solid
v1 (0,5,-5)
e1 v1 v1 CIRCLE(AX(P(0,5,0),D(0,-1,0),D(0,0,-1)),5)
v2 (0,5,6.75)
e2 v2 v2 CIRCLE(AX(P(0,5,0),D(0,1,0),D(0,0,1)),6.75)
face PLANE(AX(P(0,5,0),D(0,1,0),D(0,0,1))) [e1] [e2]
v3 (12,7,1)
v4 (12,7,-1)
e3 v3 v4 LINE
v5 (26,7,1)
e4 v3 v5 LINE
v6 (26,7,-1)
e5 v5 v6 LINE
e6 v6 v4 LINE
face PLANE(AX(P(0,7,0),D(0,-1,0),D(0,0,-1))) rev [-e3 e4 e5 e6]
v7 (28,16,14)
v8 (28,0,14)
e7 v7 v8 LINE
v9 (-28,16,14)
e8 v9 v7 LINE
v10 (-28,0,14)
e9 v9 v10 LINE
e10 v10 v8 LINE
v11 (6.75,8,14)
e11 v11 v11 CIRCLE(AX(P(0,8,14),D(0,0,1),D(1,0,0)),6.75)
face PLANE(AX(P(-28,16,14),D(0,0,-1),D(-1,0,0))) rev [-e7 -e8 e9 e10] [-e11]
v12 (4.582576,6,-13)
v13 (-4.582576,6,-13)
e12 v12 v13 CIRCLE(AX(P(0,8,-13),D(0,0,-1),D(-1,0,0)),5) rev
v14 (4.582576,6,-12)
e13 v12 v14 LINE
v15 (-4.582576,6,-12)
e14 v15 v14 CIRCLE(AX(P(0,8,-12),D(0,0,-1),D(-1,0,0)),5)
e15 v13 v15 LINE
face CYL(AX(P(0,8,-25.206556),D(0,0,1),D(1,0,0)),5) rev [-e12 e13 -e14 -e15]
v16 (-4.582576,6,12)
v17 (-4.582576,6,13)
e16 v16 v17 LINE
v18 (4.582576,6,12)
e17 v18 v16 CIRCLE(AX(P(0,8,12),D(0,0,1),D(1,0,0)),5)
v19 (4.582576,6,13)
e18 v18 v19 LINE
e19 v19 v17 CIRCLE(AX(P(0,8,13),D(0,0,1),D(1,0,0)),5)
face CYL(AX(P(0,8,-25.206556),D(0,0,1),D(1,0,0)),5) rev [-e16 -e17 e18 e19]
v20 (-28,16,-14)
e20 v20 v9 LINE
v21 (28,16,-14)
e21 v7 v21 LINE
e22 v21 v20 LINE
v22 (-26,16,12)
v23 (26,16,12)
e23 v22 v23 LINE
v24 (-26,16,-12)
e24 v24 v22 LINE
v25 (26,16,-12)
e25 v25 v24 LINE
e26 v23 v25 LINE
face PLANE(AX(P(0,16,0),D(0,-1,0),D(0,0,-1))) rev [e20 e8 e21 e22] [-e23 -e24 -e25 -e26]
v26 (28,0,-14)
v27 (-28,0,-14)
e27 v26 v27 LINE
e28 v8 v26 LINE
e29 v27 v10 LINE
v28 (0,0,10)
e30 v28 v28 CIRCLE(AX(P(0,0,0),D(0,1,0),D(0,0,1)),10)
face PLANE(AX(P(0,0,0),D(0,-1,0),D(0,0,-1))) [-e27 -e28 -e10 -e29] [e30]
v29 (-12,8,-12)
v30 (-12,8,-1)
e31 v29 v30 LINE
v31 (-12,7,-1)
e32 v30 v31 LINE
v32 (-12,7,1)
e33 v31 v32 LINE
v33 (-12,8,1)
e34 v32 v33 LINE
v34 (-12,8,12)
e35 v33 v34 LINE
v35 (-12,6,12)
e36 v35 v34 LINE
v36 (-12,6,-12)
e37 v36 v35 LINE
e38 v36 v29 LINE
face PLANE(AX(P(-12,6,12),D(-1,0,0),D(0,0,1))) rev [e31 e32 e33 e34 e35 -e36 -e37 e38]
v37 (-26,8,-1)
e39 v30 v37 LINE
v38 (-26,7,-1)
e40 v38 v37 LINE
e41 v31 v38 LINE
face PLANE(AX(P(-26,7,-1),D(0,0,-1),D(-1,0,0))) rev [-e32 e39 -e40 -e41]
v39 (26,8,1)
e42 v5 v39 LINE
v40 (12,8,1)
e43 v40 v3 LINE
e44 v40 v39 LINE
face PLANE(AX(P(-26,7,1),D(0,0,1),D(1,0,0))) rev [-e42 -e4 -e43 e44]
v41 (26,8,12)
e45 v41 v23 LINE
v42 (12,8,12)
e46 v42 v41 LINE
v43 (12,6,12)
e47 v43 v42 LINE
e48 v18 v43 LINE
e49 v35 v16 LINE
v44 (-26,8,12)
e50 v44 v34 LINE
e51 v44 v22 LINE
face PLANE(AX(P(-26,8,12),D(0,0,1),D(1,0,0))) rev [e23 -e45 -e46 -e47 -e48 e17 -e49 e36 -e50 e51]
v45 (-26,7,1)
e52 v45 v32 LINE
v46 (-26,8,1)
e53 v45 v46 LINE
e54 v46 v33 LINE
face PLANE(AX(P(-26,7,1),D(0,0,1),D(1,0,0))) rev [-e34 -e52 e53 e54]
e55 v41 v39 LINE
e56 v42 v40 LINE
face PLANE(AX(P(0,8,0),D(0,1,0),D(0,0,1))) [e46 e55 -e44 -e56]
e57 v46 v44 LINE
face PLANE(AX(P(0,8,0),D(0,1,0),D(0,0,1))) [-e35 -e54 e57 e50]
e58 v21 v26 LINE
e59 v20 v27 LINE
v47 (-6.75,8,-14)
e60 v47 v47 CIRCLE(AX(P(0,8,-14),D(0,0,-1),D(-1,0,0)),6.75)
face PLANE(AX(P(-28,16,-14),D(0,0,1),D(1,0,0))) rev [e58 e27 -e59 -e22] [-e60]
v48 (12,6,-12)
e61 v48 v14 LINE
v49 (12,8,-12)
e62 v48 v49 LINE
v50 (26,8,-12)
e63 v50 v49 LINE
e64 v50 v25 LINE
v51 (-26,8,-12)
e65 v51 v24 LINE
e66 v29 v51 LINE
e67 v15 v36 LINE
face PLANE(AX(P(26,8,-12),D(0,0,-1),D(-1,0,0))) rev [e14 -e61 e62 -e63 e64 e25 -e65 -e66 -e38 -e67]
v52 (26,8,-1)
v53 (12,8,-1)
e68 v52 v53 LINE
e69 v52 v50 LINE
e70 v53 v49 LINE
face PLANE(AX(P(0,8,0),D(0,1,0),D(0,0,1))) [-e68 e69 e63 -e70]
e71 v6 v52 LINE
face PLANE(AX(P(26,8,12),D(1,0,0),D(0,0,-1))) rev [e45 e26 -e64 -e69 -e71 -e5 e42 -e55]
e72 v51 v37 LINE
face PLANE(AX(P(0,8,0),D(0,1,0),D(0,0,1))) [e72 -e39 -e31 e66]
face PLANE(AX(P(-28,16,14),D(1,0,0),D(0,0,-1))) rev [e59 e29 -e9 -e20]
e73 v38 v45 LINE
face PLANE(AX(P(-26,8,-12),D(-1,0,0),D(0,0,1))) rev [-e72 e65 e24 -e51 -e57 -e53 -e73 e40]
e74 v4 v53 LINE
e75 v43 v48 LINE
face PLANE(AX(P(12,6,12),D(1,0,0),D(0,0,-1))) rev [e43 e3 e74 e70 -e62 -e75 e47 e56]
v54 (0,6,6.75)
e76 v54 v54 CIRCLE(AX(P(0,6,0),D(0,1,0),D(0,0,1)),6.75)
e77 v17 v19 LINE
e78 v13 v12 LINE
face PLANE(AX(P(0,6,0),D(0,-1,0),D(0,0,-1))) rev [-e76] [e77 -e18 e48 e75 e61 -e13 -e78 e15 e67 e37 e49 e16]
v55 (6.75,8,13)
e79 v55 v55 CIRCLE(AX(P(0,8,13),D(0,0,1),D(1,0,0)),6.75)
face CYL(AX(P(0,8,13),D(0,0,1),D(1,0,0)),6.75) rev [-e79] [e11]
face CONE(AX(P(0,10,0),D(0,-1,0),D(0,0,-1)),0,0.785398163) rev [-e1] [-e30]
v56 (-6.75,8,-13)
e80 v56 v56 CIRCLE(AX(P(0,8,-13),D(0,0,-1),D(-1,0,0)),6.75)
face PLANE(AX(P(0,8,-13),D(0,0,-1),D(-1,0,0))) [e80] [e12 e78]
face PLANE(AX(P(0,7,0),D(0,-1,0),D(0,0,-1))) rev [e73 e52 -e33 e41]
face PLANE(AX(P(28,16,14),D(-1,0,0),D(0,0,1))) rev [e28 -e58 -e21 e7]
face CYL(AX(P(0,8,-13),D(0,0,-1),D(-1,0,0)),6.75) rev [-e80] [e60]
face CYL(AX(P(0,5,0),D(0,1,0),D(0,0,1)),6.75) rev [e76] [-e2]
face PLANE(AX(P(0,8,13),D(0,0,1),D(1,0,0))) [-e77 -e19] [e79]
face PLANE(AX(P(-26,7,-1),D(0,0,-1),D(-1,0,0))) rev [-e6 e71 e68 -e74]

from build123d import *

# Parameters (mm, degrees)
SKETCH1_W           = 56
SKETCH1_H           = 28
BOSS_EXTRUDE1_DEPTH = 16
SKETCH2_W           = 52
SKETCH2_H           = 24
CUT_EXTRUDE1_DEPTH  = 8
SKETCH3_W           = 24
SKETCH3_H           = 24
CUT_EXTRUDE2_DEPTH  = 2
SKETCH4_W           = 52
SKETCH4_H           = 2
CUT_EXTRUDE3_DEPTH  = 1
SKETCH5_R           = 6.75
CUT_EXTRUDE4_DEPTH  = 1
CUT_EXTRUDE5_REACH  = 7
SKETCH6_R           = 5
SKETCH7_R           = 6.75
CUT_EXTRUDE6_DEPTH  = 1
SKETCH8_R           = 6.75
CUT_EXTRUDE7_DEPTH  = 1
CUT_EXTRUDE8_DEPTH  = 26


with BuildPart() as part:
    # Sketch1 → Boss-Extrude1 (new body)
    with BuildSketch(Plane(origin=(0, 0, 0), x_dir=(1, 0, 0), z_dir=(0, 1, 0))):
        Rectangle(SKETCH1_W, SKETCH1_H)
    extrude(amount=BOSS_EXTRUDE1_DEPTH)

    # Sketch2 → Cut-Extrude1 (cut)
    with BuildSketch(Plane(origin=(0, 16, 0), x_dir=(1, 0, 0), z_dir=(0, 1, 0))):
        Rectangle(SKETCH2_W, SKETCH2_H)
    extrude(amount=-CUT_EXTRUDE1_DEPTH, mode=Mode.SUBTRACT)

    # Sketch3 → Cut-Extrude2 (cut)
    with BuildSketch(Plane(origin=(0, 8, 0), x_dir=(1, 0, 0), z_dir=(0, 1, 0))):
        Rectangle(SKETCH3_W, SKETCH3_H)
    extrude(amount=-CUT_EXTRUDE2_DEPTH, mode=Mode.SUBTRACT)

    # Sketch4 → Cut-Extrude3 (cut)
    with BuildSketch(Plane(origin=(0, 8, 0), x_dir=(1, 0, 0), z_dir=(0, 1, 0))):
        Rectangle(SKETCH4_W, SKETCH4_H)
    extrude(amount=-CUT_EXTRUDE3_DEPTH, mode=Mode.SUBTRACT)

    # Sketch5 → Cut-Extrude4 (cut)
    with BuildSketch(Plane(origin=(0, 6, 0), x_dir=(1, 0, 0), z_dir=(0, 1, 0))):
        Circle(SKETCH5_R)
    extrude(amount=-CUT_EXTRUDE4_DEPTH, mode=Mode.SUBTRACT)

    # Sketch6 → Cut-Extrude5 (cut, up to next)
    with BuildSketch(Plane(origin=(0, 5, 0), x_dir=(1, 0, 0), z_dir=(0, 1, 0)), mode=Mode.PRIVATE) as cut_extrude5_sk1:
        Circle(SKETCH6_R)
    cut_extrude5_tool1 = extrude(cut_extrude5_sk1.sketch, amount=-CUT_EXTRUDE5_REACH, mode=Mode.PRIVATE) & part.part
    add(cut_extrude5_tool1.solids().sort_by_distance((0, 5, 0))[0], mode=Mode.SUBTRACT)

    # Sketch7 → Cut-Extrude6 (cut)
    with BuildSketch(Plane.XY.offset(14)):
        with Locations((0, 8)):
            Circle(SKETCH7_R)
    extrude(amount=-CUT_EXTRUDE6_DEPTH, mode=Mode.SUBTRACT)

    # Sketch8 → Cut-Extrude7 (cut)
    with BuildSketch(Plane(origin=(0, 0, -14), x_dir=(-1, 0, 0), z_dir=(0, 0, -1))):
        with Locations((0, 8)):
            Circle(SKETCH8_R)
    extrude(amount=-CUT_EXTRUDE7_DEPTH, mode=Mode.SUBTRACT)

    # Sketch9 → Cut-Extrude8 (cut)
    with BuildSketch(Plane.XY.offset(13)):
        with BuildLine():
            Line((-4.582575695, 6), (4.582575695, 6))
            ThreePointArc((4.582575695, 6), (0, 13), (-4.582575695, 6))
        make_face()
    extrude(amount=-CUT_EXTRUDE8_DEPTH, mode=Mode.SUBTRACT)

    # Sketch11 → Cut-Revolve2 (revolve, cut)
    with BuildSketch(Plane(origin=(0, 0, 0), x_dir=(0, 0, -1), z_dir=(1, 0, 0))):
        Polygon((0, 0), (-10, 0), (0, 10), align=None)
    revolve(axis=Axis((0, 10, 0), (0, -1, 0)), mode=Mode.SUBTRACT)


solid = part.part
